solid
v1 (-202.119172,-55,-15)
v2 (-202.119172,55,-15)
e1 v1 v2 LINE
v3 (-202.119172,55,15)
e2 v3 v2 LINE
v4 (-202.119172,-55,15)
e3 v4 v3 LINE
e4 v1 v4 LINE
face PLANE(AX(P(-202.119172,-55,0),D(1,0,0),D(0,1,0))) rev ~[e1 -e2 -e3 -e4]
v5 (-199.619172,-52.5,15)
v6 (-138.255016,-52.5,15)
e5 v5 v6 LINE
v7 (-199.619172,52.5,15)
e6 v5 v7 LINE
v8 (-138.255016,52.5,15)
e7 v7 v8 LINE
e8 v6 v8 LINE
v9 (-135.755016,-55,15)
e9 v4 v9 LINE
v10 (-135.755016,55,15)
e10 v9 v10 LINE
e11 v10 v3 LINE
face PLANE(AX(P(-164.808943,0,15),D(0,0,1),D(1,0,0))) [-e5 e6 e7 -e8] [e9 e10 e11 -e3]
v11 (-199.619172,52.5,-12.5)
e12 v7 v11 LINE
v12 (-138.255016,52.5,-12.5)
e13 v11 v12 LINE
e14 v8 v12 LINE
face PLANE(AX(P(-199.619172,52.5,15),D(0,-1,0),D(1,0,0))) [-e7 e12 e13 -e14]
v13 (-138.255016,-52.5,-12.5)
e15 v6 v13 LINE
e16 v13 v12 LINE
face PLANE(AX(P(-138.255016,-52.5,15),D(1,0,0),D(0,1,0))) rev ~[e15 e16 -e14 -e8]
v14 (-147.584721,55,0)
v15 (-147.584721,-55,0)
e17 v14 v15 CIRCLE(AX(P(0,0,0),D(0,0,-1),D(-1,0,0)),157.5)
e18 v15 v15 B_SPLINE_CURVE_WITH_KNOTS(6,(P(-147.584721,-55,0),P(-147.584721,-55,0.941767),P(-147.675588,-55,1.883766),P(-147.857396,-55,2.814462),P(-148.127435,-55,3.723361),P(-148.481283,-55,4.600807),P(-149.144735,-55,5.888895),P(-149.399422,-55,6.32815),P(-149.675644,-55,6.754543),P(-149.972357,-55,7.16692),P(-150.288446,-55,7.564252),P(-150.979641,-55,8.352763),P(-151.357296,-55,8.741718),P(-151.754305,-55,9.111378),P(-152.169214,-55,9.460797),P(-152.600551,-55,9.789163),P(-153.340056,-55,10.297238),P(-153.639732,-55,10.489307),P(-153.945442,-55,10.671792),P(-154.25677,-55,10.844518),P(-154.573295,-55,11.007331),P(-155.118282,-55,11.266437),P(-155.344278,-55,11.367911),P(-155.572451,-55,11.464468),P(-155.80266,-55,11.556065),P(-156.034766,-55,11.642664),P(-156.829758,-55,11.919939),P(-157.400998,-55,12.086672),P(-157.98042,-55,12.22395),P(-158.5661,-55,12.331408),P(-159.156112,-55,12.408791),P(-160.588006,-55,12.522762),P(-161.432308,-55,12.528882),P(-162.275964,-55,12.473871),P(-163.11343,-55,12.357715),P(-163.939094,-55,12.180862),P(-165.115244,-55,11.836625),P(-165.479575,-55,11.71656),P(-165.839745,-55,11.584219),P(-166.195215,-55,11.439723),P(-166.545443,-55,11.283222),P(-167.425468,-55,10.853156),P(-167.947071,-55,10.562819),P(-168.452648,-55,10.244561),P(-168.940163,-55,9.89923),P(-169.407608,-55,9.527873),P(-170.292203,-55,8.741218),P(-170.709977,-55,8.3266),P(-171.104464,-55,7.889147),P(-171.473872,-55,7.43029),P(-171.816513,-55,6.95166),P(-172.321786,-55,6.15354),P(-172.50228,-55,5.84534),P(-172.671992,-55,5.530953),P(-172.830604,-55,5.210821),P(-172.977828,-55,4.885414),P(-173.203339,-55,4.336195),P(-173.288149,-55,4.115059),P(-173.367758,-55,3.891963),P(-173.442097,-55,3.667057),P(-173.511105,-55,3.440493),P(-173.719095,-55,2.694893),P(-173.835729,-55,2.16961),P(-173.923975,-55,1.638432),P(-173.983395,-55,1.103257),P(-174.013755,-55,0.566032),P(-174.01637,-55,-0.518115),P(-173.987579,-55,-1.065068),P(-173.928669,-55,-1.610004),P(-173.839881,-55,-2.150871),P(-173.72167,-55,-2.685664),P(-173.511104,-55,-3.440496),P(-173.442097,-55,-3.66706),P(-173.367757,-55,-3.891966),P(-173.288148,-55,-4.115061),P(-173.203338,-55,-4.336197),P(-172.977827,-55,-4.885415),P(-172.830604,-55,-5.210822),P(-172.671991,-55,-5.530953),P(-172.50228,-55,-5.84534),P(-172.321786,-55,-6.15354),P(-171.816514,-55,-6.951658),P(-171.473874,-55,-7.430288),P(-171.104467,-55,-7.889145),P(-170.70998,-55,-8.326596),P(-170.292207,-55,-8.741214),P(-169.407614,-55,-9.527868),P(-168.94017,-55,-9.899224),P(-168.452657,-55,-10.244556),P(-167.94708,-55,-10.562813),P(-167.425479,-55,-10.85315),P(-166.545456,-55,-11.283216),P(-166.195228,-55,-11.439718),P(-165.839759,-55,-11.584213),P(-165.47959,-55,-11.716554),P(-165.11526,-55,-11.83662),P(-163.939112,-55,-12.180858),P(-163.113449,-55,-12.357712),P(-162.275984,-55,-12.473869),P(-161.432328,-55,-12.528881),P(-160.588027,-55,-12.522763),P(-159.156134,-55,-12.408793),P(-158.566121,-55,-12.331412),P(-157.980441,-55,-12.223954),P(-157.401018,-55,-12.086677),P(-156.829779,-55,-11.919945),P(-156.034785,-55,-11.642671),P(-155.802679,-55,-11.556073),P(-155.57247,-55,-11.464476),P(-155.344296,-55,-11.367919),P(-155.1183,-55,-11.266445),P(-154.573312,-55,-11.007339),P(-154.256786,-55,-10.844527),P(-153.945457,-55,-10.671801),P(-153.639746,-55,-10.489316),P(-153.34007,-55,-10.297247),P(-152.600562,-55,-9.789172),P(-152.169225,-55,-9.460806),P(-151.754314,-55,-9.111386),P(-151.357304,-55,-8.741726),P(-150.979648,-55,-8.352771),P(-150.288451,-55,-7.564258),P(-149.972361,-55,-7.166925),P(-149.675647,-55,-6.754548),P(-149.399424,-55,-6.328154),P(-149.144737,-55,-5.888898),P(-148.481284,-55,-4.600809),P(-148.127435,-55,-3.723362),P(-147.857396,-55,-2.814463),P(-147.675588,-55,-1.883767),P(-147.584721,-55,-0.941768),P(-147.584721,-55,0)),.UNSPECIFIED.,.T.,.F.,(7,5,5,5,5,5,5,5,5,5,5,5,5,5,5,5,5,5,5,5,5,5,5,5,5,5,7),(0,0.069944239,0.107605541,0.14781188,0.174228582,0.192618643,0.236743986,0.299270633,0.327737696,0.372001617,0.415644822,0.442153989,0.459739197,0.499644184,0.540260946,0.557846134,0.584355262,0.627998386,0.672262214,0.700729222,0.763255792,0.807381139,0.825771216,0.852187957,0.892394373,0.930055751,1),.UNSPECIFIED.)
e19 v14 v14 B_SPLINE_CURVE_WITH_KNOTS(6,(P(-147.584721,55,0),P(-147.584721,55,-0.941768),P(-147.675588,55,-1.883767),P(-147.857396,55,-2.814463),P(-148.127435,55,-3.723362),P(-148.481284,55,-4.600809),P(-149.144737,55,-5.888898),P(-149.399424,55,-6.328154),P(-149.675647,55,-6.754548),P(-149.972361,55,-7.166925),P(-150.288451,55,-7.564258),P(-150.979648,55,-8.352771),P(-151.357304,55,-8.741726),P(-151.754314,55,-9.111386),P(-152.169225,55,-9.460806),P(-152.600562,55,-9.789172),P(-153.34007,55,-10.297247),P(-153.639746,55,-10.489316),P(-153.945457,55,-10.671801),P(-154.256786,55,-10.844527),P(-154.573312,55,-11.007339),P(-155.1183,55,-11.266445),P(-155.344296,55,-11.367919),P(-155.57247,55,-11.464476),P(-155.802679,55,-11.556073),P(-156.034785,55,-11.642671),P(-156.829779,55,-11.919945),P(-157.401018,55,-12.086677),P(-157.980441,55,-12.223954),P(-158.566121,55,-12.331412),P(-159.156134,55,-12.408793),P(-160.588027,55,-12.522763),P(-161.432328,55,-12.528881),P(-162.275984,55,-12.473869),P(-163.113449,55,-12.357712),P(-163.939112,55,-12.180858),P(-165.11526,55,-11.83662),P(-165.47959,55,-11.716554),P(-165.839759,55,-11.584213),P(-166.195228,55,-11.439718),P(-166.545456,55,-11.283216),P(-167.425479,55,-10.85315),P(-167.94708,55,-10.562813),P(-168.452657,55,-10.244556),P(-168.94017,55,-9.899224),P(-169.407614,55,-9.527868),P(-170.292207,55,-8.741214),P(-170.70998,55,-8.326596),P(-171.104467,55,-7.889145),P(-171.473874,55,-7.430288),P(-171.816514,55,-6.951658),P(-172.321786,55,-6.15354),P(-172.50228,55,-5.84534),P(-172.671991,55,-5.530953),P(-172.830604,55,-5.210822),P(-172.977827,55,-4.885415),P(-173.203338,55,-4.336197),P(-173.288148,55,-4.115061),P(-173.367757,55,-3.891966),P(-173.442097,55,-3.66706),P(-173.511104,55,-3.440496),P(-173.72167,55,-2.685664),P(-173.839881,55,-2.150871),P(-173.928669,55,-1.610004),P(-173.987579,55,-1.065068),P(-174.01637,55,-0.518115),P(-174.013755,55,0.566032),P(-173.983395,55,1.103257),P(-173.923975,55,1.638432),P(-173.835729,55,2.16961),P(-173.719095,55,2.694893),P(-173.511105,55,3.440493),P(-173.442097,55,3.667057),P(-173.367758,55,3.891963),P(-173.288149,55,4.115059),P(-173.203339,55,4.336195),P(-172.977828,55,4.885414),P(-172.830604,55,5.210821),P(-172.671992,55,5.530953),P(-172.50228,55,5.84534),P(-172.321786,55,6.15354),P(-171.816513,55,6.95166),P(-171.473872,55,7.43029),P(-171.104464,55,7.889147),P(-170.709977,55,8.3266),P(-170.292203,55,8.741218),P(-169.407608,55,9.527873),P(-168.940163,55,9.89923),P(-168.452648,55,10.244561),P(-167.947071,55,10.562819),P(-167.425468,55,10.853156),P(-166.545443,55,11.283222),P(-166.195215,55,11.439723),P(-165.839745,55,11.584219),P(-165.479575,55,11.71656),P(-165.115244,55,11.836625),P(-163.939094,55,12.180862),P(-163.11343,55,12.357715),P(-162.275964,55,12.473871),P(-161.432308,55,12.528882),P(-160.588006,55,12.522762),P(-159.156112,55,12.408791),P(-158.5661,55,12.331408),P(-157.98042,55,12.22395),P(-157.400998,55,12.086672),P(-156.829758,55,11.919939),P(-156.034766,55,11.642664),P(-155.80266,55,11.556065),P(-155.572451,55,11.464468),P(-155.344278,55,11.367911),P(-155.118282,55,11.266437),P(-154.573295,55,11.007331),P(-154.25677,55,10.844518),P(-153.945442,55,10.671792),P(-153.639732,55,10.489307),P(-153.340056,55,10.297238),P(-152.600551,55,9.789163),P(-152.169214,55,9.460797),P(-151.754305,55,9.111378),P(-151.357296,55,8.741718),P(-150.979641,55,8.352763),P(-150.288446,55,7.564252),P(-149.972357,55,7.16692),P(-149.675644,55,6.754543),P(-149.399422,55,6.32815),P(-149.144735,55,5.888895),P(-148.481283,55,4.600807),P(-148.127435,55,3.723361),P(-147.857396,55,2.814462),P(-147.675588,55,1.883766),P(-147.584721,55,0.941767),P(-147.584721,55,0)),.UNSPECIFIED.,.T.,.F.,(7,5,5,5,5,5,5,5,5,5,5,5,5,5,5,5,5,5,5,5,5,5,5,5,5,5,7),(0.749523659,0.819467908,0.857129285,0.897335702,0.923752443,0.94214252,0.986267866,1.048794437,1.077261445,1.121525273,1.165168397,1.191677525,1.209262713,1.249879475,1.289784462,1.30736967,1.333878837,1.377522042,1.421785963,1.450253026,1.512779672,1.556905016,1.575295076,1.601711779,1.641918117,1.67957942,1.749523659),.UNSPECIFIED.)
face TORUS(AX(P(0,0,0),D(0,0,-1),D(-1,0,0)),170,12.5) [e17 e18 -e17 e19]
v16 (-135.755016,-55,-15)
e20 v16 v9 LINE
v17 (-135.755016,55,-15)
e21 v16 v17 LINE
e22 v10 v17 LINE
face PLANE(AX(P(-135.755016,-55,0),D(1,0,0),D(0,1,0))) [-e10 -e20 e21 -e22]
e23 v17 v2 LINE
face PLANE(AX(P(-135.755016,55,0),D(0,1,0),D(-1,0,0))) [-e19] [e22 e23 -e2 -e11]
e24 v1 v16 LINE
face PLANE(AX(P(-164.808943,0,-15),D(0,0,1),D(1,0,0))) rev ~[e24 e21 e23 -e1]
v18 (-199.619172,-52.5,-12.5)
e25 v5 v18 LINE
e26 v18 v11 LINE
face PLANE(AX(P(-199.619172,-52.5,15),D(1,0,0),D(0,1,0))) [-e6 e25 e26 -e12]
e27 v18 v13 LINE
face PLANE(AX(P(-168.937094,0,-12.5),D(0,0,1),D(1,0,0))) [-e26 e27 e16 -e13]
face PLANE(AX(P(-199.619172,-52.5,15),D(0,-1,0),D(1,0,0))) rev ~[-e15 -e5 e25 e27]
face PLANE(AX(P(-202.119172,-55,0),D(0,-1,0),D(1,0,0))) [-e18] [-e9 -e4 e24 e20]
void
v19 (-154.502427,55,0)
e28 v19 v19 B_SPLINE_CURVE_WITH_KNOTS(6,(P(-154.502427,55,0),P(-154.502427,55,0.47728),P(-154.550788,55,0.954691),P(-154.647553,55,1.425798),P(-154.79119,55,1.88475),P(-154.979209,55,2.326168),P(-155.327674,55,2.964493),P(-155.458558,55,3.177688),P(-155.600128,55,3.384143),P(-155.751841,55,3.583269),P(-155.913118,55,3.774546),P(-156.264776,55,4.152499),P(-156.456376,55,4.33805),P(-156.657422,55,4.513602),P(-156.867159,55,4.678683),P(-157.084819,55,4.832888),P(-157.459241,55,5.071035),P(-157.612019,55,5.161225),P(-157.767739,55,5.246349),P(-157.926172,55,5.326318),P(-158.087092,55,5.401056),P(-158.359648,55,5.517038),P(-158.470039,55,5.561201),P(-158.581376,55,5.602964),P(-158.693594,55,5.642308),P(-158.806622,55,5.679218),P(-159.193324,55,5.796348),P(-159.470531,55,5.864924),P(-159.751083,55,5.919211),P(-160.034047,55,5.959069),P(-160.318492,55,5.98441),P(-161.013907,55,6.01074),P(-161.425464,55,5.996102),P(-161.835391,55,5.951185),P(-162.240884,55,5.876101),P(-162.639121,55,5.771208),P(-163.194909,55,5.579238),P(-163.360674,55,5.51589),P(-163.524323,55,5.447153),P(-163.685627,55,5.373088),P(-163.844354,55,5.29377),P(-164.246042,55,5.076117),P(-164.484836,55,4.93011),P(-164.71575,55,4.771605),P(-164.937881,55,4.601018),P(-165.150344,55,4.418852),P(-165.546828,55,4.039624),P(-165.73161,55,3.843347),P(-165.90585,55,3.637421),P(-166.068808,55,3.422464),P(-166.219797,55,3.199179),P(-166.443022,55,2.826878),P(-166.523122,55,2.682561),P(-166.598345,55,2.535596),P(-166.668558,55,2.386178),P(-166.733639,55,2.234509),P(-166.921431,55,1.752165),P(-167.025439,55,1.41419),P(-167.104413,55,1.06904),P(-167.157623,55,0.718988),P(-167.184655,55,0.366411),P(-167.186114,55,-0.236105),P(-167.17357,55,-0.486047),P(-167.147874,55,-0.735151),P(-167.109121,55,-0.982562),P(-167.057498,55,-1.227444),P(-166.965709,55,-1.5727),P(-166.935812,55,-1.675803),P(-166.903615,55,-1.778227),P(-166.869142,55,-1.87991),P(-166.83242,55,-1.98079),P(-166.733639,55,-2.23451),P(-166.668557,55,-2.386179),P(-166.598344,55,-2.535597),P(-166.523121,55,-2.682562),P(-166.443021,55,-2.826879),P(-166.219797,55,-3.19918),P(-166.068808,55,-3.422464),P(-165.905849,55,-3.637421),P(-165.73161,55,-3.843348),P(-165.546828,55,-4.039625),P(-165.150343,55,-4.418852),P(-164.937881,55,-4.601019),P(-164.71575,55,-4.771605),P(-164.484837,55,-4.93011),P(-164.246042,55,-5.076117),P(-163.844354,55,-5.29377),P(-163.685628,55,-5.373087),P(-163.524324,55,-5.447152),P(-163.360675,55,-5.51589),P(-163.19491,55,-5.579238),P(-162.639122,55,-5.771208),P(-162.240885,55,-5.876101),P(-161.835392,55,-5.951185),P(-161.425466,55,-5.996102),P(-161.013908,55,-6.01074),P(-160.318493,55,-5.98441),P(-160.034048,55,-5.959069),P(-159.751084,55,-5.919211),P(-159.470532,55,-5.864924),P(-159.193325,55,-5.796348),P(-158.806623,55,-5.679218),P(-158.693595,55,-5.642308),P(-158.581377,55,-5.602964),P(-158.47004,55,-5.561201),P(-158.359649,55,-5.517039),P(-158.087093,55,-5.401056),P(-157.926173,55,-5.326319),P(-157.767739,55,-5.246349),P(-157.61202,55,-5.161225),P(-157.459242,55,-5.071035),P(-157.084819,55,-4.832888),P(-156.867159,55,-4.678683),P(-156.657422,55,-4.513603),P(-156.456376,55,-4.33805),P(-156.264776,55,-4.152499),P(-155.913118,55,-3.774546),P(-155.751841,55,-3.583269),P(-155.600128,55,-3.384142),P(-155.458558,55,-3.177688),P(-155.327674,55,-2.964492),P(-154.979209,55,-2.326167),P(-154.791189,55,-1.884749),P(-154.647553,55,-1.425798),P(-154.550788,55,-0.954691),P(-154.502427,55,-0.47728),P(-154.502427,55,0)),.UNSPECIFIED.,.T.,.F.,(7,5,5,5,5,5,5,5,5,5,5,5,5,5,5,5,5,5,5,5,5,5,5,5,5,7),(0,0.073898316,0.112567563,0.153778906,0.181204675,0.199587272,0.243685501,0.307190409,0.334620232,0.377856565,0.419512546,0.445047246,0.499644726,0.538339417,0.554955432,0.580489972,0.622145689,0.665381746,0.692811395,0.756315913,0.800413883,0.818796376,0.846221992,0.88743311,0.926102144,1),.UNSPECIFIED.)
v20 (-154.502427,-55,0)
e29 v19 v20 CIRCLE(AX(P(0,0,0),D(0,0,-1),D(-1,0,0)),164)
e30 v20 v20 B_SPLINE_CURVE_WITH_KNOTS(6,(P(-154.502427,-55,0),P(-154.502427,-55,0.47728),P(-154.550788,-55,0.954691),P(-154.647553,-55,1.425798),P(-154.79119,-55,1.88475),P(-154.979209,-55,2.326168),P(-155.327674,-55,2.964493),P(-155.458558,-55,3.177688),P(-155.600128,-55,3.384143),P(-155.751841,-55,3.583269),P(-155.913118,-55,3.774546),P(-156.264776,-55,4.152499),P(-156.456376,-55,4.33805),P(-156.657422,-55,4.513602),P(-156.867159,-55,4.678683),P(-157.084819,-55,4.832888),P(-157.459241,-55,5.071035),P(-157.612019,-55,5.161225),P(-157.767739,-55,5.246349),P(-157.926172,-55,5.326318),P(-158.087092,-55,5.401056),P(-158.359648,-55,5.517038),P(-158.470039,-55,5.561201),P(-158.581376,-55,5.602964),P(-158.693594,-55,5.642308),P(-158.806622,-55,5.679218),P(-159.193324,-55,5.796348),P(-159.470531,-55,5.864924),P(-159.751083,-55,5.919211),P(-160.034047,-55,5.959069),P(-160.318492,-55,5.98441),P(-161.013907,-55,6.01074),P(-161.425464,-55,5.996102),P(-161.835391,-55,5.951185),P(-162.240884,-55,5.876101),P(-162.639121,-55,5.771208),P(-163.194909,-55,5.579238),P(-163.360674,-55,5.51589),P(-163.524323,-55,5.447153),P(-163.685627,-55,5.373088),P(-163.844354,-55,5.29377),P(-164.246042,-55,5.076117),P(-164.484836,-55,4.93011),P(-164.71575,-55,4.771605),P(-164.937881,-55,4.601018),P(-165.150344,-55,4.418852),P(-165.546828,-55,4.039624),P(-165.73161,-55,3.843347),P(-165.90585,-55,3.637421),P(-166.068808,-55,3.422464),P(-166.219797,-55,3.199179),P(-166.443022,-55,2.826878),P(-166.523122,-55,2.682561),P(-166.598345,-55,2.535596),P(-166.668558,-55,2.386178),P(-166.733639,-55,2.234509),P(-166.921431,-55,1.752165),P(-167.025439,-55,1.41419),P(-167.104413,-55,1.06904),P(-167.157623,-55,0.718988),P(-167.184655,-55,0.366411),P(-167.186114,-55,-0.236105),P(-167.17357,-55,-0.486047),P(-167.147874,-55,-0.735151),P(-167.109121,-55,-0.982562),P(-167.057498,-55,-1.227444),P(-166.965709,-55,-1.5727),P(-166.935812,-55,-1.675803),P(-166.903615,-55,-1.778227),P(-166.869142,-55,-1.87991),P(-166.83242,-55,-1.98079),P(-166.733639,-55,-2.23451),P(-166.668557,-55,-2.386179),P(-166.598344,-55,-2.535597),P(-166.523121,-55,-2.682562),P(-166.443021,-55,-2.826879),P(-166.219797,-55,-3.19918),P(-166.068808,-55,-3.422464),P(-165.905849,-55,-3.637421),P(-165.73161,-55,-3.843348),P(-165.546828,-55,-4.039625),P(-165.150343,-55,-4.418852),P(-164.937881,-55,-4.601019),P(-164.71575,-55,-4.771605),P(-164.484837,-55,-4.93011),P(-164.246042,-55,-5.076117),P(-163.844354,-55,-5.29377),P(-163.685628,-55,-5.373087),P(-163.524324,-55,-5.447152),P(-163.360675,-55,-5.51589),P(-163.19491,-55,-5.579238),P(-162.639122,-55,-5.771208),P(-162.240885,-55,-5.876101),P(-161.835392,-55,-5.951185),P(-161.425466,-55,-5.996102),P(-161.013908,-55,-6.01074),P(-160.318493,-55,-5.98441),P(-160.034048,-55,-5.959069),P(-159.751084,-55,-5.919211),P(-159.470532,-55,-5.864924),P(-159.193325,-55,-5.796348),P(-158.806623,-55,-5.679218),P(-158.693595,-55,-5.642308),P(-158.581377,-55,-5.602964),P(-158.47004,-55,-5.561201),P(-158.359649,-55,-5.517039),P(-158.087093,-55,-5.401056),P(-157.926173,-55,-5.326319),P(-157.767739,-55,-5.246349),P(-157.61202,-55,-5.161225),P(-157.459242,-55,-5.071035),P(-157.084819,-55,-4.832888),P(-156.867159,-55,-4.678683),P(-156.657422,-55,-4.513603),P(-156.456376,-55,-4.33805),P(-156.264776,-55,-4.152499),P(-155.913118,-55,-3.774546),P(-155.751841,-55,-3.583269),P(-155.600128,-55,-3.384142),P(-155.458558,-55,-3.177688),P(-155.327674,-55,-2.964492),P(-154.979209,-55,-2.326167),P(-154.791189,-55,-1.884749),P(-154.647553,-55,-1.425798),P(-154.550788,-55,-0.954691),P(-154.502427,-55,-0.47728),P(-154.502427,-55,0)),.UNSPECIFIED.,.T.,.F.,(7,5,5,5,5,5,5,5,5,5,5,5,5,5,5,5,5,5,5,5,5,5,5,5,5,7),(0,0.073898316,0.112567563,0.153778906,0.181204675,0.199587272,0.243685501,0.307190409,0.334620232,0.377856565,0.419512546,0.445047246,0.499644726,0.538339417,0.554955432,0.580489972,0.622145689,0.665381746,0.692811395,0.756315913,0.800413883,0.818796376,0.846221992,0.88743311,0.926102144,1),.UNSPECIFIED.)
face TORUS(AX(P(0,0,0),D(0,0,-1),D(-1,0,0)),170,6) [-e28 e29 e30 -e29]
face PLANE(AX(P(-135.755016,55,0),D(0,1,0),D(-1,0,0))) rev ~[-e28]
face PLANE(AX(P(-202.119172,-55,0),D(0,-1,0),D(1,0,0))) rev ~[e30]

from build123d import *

# Parameters (mm, degrees)
F0_R     = 12.5
F0_R_2   = 6
F2_W     = 40.85055
F2_H     = 110
F2_W_2   = 17.295763
F2_W_3   = 8.628652
F3_DEPTH = 12.5
F4_W     = 40.85055
F4_H     = 110
F4_W_2   = 16.884954
F4_W_3   = 8.628652
F5_DEPTH = 15
F6_W     = 61.364156
F6_H     = 105
F7_DEPTH = 27.5


with BuildPart() as f1:
    # F0 (on Front) → F1 (revolve)
    with BuildSketch(Plane.XZ):
        with Locations((-170, 0)):
            Circle(F0_R)
        with Locations((-170, 0)):
            Circle(F0_R_2, mode=Mode.SUBTRACT)
    revolve(axis=Axis((0, 0, 0), (0, 0, -1)))

    # F2 (on Top) → F3 (cut, symmetric)
    with BuildSketch(Plane.XY):
        with Locations((-164.398134, 0)):
            Rectangle(F2_W, F2_H)
        with Locations((-193.471291, 0)):
            Rectangle(F2_W_2, F2_H)
        with Locations((-139.658533, 0)):
            Rectangle(F2_W_3, F2_H)
    extrude(amount=F3_DEPTH, both=True, mode=Mode.SUBTRACT)

    # F4 (on Top) → F5 (join, symmetric)
    with BuildSketch(Plane.XY):
        with Locations((-164.808943, 0)):
            Rectangle(F4_W, F4_H)
        with Locations((-193.676695, 0)):
            Rectangle(F4_W_2, F4_H)
        with Locations((-140.069342, 0)):
            Rectangle(F4_W_3, F4_H)
    extrude(amount=F5_DEPTH, both=True)

    # F6 (on face) → F7 (cut)
    with BuildSketch(Plane.XY.offset(15)):
        with Locations((-168.937094, 0)):
            Rectangle(F6_W, F6_H)
    extrude(amount=-F7_DEPTH, mode=Mode.SUBTRACT)


solid = f1.part
